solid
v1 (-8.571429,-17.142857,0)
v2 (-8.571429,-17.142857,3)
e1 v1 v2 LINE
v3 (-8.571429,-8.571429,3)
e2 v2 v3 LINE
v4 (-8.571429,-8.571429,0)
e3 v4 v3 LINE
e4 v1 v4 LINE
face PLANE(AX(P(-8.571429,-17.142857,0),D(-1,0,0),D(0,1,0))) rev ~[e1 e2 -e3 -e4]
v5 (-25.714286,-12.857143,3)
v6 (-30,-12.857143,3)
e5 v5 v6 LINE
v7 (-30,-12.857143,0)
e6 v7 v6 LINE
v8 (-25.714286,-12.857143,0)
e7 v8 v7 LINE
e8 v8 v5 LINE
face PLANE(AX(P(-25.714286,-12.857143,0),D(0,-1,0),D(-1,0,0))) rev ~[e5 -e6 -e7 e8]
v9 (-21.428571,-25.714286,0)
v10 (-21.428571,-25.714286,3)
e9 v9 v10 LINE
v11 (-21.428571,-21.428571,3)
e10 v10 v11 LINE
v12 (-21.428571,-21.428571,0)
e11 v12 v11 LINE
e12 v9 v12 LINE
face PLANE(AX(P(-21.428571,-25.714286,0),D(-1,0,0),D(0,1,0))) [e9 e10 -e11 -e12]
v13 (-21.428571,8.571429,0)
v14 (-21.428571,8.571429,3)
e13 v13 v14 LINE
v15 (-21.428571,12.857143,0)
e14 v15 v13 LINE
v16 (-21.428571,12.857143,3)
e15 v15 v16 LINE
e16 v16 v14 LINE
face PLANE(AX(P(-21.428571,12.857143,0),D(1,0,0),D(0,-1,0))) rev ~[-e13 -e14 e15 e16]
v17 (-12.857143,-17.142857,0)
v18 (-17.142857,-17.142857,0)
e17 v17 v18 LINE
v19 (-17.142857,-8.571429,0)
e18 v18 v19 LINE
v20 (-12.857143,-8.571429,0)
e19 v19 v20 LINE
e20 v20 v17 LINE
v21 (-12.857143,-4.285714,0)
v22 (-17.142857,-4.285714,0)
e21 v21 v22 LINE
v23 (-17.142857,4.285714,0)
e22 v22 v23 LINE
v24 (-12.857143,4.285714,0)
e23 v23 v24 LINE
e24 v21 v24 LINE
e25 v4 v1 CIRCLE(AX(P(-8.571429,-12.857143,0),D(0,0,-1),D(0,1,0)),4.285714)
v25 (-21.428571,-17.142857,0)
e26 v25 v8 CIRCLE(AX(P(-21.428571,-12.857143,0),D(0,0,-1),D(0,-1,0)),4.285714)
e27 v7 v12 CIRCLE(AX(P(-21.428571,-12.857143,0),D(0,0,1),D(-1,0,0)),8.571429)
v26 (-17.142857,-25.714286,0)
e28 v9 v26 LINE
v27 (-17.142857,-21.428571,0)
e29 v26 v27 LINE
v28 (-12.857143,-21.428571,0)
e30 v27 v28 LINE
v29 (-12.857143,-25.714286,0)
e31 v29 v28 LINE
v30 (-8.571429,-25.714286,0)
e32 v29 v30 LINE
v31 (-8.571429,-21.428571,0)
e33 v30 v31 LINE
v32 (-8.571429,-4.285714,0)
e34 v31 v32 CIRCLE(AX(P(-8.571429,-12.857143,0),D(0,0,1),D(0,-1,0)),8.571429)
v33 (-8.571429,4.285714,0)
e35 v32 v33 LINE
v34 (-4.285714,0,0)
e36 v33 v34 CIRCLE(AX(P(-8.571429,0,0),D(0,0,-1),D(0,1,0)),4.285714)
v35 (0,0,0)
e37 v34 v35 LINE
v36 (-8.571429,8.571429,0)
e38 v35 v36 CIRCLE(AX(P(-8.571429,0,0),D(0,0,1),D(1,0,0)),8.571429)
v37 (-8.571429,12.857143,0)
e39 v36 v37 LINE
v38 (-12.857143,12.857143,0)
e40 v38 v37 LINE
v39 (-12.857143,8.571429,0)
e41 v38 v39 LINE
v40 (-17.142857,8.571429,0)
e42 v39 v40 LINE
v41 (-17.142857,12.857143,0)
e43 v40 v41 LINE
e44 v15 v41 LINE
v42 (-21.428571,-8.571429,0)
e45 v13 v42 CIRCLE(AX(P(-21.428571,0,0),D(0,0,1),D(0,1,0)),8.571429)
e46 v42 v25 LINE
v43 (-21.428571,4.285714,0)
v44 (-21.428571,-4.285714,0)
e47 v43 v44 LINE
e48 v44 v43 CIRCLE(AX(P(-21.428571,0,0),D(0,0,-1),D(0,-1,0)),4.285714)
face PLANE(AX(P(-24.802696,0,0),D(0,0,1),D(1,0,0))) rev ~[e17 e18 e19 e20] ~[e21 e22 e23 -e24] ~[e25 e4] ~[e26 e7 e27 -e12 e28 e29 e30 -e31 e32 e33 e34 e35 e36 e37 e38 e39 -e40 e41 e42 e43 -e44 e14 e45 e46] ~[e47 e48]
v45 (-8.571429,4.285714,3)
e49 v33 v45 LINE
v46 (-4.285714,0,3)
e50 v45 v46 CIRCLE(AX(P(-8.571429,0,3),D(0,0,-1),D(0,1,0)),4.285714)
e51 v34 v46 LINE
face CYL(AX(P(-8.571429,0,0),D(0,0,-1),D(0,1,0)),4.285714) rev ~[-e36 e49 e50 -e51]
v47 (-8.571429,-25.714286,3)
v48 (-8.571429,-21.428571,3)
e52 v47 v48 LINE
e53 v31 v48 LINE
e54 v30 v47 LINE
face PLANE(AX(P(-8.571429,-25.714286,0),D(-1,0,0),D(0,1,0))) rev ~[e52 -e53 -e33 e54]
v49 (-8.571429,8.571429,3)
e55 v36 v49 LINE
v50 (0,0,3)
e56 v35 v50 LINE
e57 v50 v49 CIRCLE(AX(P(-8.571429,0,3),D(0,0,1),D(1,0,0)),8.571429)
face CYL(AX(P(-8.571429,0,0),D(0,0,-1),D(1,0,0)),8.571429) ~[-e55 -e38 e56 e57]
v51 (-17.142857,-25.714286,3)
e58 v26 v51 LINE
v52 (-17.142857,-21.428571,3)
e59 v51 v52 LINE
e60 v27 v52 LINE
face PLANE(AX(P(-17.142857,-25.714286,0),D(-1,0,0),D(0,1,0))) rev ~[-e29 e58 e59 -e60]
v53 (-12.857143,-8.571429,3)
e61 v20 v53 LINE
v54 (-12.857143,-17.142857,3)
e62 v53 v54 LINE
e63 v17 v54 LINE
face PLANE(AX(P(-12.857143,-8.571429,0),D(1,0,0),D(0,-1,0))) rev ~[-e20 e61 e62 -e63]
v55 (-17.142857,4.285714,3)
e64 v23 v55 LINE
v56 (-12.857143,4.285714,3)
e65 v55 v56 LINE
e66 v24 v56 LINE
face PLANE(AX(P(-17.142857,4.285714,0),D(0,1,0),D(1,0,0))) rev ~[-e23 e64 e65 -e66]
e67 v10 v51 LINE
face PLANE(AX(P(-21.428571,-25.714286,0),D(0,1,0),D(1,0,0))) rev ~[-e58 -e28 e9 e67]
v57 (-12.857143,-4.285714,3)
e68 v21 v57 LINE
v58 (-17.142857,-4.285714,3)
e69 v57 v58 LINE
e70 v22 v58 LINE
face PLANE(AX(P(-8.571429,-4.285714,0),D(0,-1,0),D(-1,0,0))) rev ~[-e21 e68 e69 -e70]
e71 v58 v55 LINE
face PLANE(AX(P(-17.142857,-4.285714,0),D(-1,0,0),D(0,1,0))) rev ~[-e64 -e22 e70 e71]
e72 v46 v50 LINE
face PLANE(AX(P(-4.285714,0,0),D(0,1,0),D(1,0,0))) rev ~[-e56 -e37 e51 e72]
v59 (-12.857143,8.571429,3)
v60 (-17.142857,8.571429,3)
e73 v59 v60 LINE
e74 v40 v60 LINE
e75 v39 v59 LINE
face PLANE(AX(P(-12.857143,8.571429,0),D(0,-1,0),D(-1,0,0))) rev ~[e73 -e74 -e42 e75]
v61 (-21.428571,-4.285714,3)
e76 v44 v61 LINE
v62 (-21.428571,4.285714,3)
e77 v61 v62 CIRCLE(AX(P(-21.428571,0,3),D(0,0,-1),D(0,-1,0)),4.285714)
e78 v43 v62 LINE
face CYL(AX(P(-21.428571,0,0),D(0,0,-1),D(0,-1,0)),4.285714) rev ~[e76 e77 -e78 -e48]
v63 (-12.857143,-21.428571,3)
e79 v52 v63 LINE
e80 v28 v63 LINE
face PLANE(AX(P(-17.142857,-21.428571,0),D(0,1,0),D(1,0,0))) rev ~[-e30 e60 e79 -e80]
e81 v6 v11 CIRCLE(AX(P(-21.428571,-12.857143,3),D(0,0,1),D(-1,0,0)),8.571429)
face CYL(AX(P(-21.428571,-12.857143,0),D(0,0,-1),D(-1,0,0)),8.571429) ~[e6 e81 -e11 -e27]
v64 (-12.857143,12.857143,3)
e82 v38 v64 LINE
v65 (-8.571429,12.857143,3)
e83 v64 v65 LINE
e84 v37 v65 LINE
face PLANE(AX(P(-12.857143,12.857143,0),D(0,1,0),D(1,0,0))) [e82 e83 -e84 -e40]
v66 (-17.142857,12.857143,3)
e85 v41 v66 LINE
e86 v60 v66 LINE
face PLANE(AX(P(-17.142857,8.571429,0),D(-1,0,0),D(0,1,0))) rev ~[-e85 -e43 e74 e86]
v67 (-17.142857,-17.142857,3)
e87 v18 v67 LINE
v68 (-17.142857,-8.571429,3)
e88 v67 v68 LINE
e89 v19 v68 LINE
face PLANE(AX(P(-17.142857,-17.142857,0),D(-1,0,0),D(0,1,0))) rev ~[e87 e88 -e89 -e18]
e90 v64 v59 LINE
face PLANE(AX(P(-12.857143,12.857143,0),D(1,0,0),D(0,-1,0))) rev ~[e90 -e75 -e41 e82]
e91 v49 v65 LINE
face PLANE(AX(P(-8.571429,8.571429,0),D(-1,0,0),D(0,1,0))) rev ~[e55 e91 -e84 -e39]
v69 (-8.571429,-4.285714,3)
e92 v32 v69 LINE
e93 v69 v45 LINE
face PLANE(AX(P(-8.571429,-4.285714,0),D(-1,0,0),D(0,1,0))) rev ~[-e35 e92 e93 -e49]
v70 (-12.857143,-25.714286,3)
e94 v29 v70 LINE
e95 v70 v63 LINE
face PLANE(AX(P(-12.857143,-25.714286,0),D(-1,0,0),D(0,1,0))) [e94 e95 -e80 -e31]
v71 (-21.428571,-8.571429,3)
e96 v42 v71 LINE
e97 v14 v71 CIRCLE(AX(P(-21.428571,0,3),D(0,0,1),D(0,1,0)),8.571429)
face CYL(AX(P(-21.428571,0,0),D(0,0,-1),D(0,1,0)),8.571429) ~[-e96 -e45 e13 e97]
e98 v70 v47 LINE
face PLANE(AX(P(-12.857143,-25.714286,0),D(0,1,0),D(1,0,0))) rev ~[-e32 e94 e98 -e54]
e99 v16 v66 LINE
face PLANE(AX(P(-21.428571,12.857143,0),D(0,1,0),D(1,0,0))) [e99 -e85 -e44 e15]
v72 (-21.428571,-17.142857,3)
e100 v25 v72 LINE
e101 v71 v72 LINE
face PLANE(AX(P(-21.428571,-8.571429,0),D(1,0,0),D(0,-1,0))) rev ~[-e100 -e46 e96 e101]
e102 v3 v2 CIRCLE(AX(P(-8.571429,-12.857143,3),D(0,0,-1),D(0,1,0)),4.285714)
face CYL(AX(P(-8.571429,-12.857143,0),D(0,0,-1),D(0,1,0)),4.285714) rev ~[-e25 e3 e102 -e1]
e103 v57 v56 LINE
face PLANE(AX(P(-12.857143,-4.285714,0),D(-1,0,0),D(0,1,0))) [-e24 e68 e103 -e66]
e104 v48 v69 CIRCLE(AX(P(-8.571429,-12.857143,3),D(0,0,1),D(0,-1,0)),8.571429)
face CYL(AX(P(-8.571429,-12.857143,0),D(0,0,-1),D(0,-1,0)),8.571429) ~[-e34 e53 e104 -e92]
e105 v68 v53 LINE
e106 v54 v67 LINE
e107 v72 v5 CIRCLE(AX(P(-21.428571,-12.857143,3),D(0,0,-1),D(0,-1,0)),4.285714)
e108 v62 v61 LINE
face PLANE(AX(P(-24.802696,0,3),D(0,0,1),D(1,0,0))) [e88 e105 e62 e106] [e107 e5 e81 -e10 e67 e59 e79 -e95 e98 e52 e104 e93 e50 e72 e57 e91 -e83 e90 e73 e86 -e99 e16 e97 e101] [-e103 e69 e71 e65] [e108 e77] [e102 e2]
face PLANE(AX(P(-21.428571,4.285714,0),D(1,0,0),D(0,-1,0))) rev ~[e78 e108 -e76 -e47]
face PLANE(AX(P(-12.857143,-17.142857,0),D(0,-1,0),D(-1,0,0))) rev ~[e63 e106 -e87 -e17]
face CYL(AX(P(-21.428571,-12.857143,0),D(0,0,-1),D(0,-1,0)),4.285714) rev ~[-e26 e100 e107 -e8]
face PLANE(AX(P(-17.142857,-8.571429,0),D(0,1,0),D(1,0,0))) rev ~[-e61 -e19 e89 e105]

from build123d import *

# Parameters (mm, degrees)
F0_W     = 4.2857142857
F0_H     = 4.2857142857
F0_H_2   = 8.5714285714
F1_DEPTH = 3
F2_DEPTH = 3


with BuildPart() as f1:
    # F0 (on Top) → F1 (new body)
    with BuildSketch(Plane.XY):
        with BuildLine():
            ThreePointArc((-8.5714285714, 4.2857142857), (-5.5409709378, 3.0304576337), (-4.2857142857, 0))
            Line((-4.2857142857, 0), (0, 0))
            ThreePointArc((0, 0), (-2.5105133041, 6.0609152673), (-8.5714285714, 8.5714285714))
            Line((-8.5714285714, 8.5714285714), (-8.5714285714, 4.2857142857))
        make_face()
        with Locations((-10.7142857143, 6.4285714286)):
            Rectangle(F0_W, F0_H)
        with Locations((-10.7142857143, 10.7142857143)):
            Rectangle(F0_W, F0_H)
        with Locations((-15, 6.4285714286)):
            Rectangle(F0_W, F0_H)
        with Locations((-10.7142857143, 0)):
            Rectangle(F0_W, F0_H_2)
        Polygon((-17.1428571429, 0), (-17.1428571429, 4.2857142857), (-21.4285714286, 4.2857142857), (-21.4285714286, -4.2857142857), (-17.1428571429, -4.2857142857), align=None)
        with Locations((-19.2857142857, 6.4285714286)):
            Rectangle(F0_W, F0_H)
        with Locations((-19.2857142857, 10.7142857143)):
            Rectangle(F0_W, F0_H)
    extrude(amount=F1_DEPTH)

    # F0 (on Top) → F2 (join)
    with BuildSketch(Plane.XY):
        with BuildLine():
            ThreePointArc((-21.4285714286, -4.2857142857), (-25.7142857143, 0), (-21.4285714286, 4.2857142857))
            Line((-21.4285714286, 4.2857142857), (-21.4285714286, 8.5714285714))
            ThreePointArc((-21.4285714286, 8.5714285714), (-30, 0), (-21.4285714286, -8.5714285714))
            Line((-21.4285714286, -8.5714285714), (-21.4285714286, -4.2857142857))
        make_face()
        with Locations((-19.2857142857, -6.4285714286)):
            Rectangle(F0_W, F0_H)
        with Locations((-19.2857142857, -12.8571428571)):
            Rectangle(F0_W, F0_H_2)
        with BuildLine():
            ThreePointArc((-8.5714285714, -21.4285714286), (0, -12.8571428571), (-8.5714285714, -4.2857142857))
            Line((-8.5714285714, -4.2857142857), (-8.5714285714, -8.5714285714))
            ThreePointArc((-8.5714285714, -8.5714285714), (-4.2857142857, -12.8571428571), (-8.5714285714, -17.1428571429))
            Line((-8.5714285714, -17.1428571429), (-8.5714285714, -21.4285714286))
        make_face()
        with Locations((-10.7142857143, -19.2857142857)):
            Rectangle(F0_W, F0_H)
        with Locations((-15, -19.2857142857)):
            Rectangle(F0_W, F0_H)
        with Locations((-19.2857142857, -19.2857142857)):
            Rectangle(F0_W, F0_H)
        with Locations((-10.7142857143, -6.4285714286)):
            Rectangle(F0_W, F0_H)
        with BuildLine():
            ThreePointArc((-30, -12.8571428571), (-27.4894866959, -18.9180581245), (-21.4285714286, -21.4285714286))
            Line((-21.4285714286, -21.4285714286), (-21.4285714286, -17.1428571429))
            ThreePointArc((-21.4285714286, -17.1428571429), (-24.4590290622, -15.8876004908), (-25.7142857143, -12.8571428571))
            Line((-25.7142857143, -12.8571428571), (-30, -12.8571428571))
        make_face()
        with Locations((-19.2857142857, -23.5714285714)):
            Rectangle(F0_W, F0_H)
        with Locations((-10.7142857143, -23.5714285714)):
            Rectangle(F0_W, F0_H)
        with Locations((-10.7142857143, -12.8571428571)):
            Rectangle(F0_W, F0_H_2)
        with Locations((-15, -6.4285714286)):
            Rectangle(F0_W, F0_H)
    extrude(amount=F2_DEPTH)


solid = f1.part
